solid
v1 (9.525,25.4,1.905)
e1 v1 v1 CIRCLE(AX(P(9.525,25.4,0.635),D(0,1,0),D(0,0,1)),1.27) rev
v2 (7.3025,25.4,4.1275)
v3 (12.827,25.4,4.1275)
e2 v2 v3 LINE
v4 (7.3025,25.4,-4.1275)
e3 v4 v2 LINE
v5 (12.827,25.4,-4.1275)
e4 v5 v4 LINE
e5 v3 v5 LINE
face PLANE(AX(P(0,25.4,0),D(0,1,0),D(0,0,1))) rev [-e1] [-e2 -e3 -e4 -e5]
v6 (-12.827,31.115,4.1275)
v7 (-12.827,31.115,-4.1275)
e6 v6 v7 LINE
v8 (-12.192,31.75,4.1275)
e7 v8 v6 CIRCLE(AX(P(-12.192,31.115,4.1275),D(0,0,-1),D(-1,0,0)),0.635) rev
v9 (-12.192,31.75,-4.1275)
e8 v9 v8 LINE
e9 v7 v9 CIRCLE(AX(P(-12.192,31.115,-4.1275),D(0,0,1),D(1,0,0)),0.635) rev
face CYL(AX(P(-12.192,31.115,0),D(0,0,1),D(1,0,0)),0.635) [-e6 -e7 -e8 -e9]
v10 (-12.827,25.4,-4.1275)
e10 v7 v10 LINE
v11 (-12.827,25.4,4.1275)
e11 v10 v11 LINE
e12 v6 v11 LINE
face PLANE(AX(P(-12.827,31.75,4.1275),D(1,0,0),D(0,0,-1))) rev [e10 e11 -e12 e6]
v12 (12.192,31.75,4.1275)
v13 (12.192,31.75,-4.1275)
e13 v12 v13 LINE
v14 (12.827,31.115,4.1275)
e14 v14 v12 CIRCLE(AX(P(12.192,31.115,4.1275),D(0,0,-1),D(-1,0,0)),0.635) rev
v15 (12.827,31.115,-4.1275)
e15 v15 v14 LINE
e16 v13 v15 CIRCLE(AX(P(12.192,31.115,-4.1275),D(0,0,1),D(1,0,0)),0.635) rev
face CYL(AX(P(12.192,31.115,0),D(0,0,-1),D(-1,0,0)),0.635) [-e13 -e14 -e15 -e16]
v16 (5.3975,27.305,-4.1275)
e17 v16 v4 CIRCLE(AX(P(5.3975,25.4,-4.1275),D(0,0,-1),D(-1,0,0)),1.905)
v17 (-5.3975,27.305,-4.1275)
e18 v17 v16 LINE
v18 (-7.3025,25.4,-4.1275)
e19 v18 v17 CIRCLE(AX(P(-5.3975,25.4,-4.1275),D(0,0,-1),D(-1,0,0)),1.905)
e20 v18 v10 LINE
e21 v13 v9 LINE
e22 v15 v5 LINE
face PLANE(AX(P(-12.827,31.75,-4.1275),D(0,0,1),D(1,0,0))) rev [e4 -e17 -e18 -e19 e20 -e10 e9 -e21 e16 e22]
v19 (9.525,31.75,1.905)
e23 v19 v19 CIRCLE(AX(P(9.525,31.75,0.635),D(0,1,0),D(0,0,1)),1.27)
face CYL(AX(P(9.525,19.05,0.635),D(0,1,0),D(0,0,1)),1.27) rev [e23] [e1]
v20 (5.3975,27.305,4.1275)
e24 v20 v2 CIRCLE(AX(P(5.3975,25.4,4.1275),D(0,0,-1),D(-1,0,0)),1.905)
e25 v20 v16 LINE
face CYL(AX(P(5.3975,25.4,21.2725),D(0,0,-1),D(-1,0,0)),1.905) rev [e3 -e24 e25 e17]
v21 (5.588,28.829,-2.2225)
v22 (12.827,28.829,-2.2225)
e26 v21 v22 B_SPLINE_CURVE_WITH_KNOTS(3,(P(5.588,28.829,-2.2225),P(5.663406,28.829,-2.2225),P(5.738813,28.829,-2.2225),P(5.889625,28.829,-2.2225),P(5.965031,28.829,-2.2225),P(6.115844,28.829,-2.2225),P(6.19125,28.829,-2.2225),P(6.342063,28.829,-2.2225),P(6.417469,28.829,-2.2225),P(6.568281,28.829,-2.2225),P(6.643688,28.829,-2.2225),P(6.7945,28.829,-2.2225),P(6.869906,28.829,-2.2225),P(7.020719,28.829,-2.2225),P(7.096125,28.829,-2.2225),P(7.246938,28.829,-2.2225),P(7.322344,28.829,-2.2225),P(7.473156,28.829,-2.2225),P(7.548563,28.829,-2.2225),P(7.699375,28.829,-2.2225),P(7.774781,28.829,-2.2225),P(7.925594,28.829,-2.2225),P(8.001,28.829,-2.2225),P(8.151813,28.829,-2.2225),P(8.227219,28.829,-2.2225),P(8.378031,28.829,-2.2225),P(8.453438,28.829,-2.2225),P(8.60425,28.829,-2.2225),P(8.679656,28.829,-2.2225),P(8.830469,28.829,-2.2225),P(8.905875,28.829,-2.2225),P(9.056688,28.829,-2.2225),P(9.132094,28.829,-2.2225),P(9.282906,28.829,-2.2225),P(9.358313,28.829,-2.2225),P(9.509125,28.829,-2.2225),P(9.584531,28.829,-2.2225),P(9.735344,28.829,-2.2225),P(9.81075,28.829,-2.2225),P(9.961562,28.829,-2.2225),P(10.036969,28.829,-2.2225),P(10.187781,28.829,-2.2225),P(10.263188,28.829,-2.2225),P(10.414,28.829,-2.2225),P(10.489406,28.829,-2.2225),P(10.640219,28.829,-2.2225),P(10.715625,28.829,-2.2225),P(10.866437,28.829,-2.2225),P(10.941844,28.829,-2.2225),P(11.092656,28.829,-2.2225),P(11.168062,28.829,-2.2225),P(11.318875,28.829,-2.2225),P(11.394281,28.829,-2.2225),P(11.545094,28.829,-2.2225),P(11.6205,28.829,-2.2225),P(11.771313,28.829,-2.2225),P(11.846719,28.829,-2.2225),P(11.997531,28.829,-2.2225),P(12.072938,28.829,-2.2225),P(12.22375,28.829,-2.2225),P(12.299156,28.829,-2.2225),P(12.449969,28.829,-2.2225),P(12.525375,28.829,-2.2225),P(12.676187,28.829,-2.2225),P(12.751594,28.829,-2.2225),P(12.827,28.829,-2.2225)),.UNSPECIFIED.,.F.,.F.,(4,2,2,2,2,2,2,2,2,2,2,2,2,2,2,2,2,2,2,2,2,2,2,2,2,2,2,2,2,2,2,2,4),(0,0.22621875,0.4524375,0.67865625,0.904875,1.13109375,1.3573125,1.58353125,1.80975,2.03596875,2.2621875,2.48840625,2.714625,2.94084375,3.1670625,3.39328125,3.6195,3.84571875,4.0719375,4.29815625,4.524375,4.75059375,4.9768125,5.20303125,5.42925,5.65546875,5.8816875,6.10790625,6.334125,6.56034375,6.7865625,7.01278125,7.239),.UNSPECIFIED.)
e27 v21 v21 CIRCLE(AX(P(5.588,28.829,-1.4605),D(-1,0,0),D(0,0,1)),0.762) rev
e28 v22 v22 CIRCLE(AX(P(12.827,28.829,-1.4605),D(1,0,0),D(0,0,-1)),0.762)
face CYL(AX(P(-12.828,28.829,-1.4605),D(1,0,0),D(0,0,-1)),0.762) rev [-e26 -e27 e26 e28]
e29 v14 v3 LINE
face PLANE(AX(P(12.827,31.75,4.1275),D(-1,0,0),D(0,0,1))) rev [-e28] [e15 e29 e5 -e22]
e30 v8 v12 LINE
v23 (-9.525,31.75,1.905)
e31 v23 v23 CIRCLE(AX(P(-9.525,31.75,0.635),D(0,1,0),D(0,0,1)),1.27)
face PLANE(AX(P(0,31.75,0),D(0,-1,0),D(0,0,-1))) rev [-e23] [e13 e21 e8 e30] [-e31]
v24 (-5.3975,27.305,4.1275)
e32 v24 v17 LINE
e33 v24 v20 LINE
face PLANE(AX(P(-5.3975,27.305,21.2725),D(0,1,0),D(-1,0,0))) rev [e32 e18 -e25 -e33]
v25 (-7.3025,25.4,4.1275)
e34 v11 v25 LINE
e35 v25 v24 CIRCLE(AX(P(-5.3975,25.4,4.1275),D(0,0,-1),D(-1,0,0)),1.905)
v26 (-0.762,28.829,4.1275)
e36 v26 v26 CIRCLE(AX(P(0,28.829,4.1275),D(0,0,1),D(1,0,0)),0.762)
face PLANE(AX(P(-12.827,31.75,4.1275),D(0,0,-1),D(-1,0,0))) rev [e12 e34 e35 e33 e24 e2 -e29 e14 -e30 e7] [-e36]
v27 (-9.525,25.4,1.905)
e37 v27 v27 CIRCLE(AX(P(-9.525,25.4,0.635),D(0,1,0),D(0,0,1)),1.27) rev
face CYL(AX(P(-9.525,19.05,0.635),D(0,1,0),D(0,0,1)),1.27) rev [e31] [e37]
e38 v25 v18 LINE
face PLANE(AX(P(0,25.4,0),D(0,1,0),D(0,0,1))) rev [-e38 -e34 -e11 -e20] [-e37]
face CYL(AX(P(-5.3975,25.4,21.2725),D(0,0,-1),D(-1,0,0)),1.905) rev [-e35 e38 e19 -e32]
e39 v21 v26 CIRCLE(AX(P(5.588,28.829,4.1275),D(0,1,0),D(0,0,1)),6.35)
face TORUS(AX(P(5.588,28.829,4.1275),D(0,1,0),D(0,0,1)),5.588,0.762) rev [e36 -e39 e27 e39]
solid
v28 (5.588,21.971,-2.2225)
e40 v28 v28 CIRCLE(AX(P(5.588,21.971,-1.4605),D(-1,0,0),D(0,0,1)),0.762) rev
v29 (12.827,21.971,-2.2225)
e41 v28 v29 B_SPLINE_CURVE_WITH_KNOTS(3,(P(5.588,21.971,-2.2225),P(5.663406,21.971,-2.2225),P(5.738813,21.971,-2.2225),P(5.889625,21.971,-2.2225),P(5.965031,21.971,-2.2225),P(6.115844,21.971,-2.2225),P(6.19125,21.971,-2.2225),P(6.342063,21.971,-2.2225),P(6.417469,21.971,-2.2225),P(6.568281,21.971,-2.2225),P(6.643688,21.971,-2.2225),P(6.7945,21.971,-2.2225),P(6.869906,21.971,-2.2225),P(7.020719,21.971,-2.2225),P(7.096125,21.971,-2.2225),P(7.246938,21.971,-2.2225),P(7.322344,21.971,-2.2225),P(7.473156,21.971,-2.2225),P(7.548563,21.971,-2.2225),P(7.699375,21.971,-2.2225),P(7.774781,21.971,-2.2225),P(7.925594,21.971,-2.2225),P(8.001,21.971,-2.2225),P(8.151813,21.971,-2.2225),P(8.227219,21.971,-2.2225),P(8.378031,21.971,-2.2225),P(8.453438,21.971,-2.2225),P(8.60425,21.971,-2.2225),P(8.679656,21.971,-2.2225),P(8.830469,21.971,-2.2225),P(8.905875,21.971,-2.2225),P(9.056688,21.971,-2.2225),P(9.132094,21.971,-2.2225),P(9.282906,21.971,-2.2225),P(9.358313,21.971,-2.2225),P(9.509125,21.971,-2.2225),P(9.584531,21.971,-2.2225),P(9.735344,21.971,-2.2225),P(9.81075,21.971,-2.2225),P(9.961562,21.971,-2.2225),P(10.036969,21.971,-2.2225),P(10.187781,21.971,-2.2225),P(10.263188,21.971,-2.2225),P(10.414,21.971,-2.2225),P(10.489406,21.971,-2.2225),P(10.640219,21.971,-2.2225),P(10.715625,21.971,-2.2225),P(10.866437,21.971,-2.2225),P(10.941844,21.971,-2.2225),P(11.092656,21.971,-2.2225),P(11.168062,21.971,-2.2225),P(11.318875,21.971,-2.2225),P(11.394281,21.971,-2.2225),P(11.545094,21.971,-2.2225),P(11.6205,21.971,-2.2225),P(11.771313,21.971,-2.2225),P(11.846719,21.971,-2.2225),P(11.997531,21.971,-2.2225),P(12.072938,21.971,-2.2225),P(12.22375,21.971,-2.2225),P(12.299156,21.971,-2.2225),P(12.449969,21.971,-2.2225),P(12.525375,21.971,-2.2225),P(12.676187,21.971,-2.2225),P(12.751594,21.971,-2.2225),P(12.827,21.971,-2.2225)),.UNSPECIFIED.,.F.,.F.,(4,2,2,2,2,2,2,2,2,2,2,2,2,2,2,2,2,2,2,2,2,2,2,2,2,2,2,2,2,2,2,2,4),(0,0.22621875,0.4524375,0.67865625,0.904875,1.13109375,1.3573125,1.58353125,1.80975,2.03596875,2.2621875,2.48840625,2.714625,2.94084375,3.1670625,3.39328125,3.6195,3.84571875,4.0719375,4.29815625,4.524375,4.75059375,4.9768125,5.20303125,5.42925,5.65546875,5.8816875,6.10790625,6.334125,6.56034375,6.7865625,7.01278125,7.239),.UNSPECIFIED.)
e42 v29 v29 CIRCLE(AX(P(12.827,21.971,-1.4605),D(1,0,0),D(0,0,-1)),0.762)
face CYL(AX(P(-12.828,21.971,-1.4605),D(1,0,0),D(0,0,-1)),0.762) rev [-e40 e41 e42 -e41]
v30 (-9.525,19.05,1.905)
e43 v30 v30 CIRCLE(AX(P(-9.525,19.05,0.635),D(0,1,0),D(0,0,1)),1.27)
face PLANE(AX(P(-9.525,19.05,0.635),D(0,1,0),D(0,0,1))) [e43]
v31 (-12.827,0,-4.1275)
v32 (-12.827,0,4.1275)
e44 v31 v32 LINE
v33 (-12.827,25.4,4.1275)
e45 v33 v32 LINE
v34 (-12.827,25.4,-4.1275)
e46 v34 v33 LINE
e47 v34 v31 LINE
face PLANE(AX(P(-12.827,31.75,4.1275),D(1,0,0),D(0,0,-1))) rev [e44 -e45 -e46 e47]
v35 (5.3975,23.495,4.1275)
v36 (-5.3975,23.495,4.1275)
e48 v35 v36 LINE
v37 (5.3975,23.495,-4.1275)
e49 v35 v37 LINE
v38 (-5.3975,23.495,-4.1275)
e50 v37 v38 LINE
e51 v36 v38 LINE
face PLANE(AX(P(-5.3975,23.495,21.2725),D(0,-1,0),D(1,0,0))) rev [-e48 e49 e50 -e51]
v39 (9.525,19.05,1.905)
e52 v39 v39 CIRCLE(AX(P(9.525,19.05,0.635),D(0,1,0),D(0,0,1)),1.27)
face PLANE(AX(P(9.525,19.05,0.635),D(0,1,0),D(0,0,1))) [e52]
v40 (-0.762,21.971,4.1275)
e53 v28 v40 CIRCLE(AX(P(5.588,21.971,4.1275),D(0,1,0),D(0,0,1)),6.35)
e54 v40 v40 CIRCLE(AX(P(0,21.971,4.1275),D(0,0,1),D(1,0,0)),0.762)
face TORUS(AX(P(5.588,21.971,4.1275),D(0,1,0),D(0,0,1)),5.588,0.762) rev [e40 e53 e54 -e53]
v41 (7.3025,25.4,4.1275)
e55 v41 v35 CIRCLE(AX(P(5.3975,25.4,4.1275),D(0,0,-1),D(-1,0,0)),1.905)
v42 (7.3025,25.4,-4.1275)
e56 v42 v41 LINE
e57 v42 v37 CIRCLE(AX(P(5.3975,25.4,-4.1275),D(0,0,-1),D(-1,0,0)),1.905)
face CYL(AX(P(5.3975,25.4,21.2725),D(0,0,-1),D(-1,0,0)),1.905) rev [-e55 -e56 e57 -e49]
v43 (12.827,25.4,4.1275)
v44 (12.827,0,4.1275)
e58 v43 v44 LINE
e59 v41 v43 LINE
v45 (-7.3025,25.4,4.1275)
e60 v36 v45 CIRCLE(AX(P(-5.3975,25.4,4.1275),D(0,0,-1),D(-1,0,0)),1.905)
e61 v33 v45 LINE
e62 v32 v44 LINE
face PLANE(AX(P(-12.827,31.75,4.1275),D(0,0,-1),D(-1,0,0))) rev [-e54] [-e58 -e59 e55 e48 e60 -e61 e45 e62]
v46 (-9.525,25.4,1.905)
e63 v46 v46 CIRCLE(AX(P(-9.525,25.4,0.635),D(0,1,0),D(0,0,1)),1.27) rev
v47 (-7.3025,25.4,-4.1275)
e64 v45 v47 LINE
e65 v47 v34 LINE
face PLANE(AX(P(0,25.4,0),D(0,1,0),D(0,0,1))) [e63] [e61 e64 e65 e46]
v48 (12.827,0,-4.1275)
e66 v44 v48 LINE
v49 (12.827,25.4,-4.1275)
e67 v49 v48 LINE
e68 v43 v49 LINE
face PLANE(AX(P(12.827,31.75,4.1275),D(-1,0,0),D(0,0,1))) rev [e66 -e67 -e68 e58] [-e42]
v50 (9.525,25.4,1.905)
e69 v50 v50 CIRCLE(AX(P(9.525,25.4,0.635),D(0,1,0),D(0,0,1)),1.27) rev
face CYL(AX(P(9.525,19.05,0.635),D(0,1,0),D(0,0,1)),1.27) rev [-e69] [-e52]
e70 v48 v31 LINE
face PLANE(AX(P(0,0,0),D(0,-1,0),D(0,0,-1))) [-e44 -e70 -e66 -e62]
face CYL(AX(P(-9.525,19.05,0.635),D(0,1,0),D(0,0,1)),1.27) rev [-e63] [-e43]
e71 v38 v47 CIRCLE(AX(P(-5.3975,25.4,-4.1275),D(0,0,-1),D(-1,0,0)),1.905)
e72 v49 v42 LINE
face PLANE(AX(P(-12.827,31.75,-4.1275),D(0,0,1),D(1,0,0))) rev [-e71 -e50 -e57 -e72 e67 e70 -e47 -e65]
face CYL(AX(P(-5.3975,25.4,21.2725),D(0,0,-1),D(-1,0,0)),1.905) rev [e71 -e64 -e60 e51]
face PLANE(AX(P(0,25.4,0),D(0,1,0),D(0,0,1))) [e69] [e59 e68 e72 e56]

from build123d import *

# Parameters (mm, degrees)
SKETCH1_W           = 25.654
SKETCH1_H           = 8.255
BOSS_EXTRUDE1_DEPTH = 31.75
CUT_EXTRUDE1_DEPTH  = 25.4
SKETCH8_R           = 0.762
CUT_REVOLVE1_ANGLE  = 90.0000000000002
CUT_EXTRUDE4_REACH  = 43.027
SKETCH9_R           = 0.7620000000000002
FILLET1_R           = 0.635
SKETCH10_R          = 1.2700000000000014
SKETCH10_R_2        = 1.2699999999999994
CUT_EXTRUDE5_DEPTH  = 12.7


with BuildPart() as part:
    # Sketch1 → Boss-Extrude1 (new body)
    with BuildSketch(Plane(origin=(0, 0, 0), x_dir=(1, 0, 0), z_dir=(0, 1, 0))):
        Rectangle(SKETCH1_W, SKETCH1_H)
    extrude(amount=BOSS_EXTRUDE1_DEPTH)

    # Sketch2 → Cut-Extrude1 (cut)
    with BuildSketch(Plane(origin=(0, 0, -4.1274999999999995), x_dir=(-1, 0, 0), z_dir=(0, 0, -1))):
        with BuildLine():
            Line((5.397499999999999, 23.494999999999997), (-5.397500000000001, 23.494999999999994))
            ThreePointArc((-5.397500000000001, 23.494999999999994), (-7.3025000000000055, 25.399999999999995), (-5.397500000000002, 27.305))
            Line((-5.397500000000002, 27.305), (5.397499999999997, 27.305000000000003))
            ThreePointArc((5.397499999999997, 27.305000000000003), (7.302499999999999, 25.4), (5.397499999999999, 23.494999999999997))
        make_face()
    extrude(amount=-CUT_EXTRUDE1_DEPTH, mode=Mode.SUBTRACT)

    # Sketch8 → Cut-Revolve1 (revolve, cut)
    with BuildSketch(Plane.XY.offset(4.127500000000001)):
        with Locations((0, 28.828999999999994)):
            Circle(SKETCH8_R)
        with Locations((0, 21.97099999999999)):
            Circle(SKETCH8_R)
    revolve(axis=Axis((5.588, 31.75, 4.127500000000001), (0, -1, 0)), revolution_arc=CUT_REVOLVE1_ANGLE, mode=Mode.SUBTRACT)

    # Sketch9 → Cut-Extrude4 (cut, up to next)
    with BuildSketch(Plane(origin=(12.826999999999996, 0, 0), x_dir=(0, 0, -1), z_dir=(1, 0, 0)), mode=Mode.PRIVATE) as cut_extrude4_sk1:
        with Locations((1.4604999999999988, 28.828999999999994)):
            Circle(SKETCH9_R)
    cut_extrude4_tool1 = extrude(cut_extrude4_sk1.sketch, amount=-CUT_EXTRUDE4_REACH, mode=Mode.PRIVATE) & part.part
    # Sketch9 → Cut-Extrude4 (cut, up to next)
    with BuildSketch(Plane(origin=(12.826999999999996, 0, 0), x_dir=(0, 0, -1), z_dir=(1, 0, 0)), mode=Mode.PRIVATE) as cut_extrude4_sk2:
        with Locations((1.4604999999999988, 21.97099999999999)):
            Circle(SKETCH9_R)
    cut_extrude4_tool2 = extrude(cut_extrude4_sk2.sketch, amount=-CUT_EXTRUDE4_REACH, mode=Mode.PRIVATE) & part.part
    add(cut_extrude4_tool1.solids().sort_by_distance((12.827, 28.829, -1.4605))[0], mode=Mode.SUBTRACT)
    add(cut_extrude4_tool2.solids().sort_by_distance((12.827, 21.971, -1.4605))[0], mode=Mode.SUBTRACT)

    # Fillet1
    fillet1_edges = [part.edges().sort_by_distance(p)[0] for p in [
        (-12.827000000000004, 31.75, 8.9e-16),
        (12.826999999999996, 31.75, 8.9e-16),
    ]]
    fillet(fillet1_edges, radius=FILLET1_R)

    # Sketch10 → Cut-Extrude5 (cut)
    with BuildSketch(Plane(origin=(0, 31.75, 0), x_dir=(1, 0, 0), z_dir=(0, 1, 0))):
        with Locations((9.525, -0.635)):
            Circle(SKETCH10_R)
        with Locations((-9.525, -0.635)):
            Circle(SKETCH10_R_2)
    extrude(amount=-CUT_EXTRUDE5_DEPTH, mode=Mode.SUBTRACT)


with BuildPart() as body_2:
    # Split1: the piece on the far side of the plane
    add(part.part)
    split(bisect_by=Plane.ZX.offset(25.4), keep=Keep.BOTTOM)


with BuildPart() as part_1:
    add(part.part)

    # Split1
    split(bisect_by=Plane.ZX.offset(25.4), keep=Keep.TOP)


solid = Compound([body_2.part, part_1.part])
